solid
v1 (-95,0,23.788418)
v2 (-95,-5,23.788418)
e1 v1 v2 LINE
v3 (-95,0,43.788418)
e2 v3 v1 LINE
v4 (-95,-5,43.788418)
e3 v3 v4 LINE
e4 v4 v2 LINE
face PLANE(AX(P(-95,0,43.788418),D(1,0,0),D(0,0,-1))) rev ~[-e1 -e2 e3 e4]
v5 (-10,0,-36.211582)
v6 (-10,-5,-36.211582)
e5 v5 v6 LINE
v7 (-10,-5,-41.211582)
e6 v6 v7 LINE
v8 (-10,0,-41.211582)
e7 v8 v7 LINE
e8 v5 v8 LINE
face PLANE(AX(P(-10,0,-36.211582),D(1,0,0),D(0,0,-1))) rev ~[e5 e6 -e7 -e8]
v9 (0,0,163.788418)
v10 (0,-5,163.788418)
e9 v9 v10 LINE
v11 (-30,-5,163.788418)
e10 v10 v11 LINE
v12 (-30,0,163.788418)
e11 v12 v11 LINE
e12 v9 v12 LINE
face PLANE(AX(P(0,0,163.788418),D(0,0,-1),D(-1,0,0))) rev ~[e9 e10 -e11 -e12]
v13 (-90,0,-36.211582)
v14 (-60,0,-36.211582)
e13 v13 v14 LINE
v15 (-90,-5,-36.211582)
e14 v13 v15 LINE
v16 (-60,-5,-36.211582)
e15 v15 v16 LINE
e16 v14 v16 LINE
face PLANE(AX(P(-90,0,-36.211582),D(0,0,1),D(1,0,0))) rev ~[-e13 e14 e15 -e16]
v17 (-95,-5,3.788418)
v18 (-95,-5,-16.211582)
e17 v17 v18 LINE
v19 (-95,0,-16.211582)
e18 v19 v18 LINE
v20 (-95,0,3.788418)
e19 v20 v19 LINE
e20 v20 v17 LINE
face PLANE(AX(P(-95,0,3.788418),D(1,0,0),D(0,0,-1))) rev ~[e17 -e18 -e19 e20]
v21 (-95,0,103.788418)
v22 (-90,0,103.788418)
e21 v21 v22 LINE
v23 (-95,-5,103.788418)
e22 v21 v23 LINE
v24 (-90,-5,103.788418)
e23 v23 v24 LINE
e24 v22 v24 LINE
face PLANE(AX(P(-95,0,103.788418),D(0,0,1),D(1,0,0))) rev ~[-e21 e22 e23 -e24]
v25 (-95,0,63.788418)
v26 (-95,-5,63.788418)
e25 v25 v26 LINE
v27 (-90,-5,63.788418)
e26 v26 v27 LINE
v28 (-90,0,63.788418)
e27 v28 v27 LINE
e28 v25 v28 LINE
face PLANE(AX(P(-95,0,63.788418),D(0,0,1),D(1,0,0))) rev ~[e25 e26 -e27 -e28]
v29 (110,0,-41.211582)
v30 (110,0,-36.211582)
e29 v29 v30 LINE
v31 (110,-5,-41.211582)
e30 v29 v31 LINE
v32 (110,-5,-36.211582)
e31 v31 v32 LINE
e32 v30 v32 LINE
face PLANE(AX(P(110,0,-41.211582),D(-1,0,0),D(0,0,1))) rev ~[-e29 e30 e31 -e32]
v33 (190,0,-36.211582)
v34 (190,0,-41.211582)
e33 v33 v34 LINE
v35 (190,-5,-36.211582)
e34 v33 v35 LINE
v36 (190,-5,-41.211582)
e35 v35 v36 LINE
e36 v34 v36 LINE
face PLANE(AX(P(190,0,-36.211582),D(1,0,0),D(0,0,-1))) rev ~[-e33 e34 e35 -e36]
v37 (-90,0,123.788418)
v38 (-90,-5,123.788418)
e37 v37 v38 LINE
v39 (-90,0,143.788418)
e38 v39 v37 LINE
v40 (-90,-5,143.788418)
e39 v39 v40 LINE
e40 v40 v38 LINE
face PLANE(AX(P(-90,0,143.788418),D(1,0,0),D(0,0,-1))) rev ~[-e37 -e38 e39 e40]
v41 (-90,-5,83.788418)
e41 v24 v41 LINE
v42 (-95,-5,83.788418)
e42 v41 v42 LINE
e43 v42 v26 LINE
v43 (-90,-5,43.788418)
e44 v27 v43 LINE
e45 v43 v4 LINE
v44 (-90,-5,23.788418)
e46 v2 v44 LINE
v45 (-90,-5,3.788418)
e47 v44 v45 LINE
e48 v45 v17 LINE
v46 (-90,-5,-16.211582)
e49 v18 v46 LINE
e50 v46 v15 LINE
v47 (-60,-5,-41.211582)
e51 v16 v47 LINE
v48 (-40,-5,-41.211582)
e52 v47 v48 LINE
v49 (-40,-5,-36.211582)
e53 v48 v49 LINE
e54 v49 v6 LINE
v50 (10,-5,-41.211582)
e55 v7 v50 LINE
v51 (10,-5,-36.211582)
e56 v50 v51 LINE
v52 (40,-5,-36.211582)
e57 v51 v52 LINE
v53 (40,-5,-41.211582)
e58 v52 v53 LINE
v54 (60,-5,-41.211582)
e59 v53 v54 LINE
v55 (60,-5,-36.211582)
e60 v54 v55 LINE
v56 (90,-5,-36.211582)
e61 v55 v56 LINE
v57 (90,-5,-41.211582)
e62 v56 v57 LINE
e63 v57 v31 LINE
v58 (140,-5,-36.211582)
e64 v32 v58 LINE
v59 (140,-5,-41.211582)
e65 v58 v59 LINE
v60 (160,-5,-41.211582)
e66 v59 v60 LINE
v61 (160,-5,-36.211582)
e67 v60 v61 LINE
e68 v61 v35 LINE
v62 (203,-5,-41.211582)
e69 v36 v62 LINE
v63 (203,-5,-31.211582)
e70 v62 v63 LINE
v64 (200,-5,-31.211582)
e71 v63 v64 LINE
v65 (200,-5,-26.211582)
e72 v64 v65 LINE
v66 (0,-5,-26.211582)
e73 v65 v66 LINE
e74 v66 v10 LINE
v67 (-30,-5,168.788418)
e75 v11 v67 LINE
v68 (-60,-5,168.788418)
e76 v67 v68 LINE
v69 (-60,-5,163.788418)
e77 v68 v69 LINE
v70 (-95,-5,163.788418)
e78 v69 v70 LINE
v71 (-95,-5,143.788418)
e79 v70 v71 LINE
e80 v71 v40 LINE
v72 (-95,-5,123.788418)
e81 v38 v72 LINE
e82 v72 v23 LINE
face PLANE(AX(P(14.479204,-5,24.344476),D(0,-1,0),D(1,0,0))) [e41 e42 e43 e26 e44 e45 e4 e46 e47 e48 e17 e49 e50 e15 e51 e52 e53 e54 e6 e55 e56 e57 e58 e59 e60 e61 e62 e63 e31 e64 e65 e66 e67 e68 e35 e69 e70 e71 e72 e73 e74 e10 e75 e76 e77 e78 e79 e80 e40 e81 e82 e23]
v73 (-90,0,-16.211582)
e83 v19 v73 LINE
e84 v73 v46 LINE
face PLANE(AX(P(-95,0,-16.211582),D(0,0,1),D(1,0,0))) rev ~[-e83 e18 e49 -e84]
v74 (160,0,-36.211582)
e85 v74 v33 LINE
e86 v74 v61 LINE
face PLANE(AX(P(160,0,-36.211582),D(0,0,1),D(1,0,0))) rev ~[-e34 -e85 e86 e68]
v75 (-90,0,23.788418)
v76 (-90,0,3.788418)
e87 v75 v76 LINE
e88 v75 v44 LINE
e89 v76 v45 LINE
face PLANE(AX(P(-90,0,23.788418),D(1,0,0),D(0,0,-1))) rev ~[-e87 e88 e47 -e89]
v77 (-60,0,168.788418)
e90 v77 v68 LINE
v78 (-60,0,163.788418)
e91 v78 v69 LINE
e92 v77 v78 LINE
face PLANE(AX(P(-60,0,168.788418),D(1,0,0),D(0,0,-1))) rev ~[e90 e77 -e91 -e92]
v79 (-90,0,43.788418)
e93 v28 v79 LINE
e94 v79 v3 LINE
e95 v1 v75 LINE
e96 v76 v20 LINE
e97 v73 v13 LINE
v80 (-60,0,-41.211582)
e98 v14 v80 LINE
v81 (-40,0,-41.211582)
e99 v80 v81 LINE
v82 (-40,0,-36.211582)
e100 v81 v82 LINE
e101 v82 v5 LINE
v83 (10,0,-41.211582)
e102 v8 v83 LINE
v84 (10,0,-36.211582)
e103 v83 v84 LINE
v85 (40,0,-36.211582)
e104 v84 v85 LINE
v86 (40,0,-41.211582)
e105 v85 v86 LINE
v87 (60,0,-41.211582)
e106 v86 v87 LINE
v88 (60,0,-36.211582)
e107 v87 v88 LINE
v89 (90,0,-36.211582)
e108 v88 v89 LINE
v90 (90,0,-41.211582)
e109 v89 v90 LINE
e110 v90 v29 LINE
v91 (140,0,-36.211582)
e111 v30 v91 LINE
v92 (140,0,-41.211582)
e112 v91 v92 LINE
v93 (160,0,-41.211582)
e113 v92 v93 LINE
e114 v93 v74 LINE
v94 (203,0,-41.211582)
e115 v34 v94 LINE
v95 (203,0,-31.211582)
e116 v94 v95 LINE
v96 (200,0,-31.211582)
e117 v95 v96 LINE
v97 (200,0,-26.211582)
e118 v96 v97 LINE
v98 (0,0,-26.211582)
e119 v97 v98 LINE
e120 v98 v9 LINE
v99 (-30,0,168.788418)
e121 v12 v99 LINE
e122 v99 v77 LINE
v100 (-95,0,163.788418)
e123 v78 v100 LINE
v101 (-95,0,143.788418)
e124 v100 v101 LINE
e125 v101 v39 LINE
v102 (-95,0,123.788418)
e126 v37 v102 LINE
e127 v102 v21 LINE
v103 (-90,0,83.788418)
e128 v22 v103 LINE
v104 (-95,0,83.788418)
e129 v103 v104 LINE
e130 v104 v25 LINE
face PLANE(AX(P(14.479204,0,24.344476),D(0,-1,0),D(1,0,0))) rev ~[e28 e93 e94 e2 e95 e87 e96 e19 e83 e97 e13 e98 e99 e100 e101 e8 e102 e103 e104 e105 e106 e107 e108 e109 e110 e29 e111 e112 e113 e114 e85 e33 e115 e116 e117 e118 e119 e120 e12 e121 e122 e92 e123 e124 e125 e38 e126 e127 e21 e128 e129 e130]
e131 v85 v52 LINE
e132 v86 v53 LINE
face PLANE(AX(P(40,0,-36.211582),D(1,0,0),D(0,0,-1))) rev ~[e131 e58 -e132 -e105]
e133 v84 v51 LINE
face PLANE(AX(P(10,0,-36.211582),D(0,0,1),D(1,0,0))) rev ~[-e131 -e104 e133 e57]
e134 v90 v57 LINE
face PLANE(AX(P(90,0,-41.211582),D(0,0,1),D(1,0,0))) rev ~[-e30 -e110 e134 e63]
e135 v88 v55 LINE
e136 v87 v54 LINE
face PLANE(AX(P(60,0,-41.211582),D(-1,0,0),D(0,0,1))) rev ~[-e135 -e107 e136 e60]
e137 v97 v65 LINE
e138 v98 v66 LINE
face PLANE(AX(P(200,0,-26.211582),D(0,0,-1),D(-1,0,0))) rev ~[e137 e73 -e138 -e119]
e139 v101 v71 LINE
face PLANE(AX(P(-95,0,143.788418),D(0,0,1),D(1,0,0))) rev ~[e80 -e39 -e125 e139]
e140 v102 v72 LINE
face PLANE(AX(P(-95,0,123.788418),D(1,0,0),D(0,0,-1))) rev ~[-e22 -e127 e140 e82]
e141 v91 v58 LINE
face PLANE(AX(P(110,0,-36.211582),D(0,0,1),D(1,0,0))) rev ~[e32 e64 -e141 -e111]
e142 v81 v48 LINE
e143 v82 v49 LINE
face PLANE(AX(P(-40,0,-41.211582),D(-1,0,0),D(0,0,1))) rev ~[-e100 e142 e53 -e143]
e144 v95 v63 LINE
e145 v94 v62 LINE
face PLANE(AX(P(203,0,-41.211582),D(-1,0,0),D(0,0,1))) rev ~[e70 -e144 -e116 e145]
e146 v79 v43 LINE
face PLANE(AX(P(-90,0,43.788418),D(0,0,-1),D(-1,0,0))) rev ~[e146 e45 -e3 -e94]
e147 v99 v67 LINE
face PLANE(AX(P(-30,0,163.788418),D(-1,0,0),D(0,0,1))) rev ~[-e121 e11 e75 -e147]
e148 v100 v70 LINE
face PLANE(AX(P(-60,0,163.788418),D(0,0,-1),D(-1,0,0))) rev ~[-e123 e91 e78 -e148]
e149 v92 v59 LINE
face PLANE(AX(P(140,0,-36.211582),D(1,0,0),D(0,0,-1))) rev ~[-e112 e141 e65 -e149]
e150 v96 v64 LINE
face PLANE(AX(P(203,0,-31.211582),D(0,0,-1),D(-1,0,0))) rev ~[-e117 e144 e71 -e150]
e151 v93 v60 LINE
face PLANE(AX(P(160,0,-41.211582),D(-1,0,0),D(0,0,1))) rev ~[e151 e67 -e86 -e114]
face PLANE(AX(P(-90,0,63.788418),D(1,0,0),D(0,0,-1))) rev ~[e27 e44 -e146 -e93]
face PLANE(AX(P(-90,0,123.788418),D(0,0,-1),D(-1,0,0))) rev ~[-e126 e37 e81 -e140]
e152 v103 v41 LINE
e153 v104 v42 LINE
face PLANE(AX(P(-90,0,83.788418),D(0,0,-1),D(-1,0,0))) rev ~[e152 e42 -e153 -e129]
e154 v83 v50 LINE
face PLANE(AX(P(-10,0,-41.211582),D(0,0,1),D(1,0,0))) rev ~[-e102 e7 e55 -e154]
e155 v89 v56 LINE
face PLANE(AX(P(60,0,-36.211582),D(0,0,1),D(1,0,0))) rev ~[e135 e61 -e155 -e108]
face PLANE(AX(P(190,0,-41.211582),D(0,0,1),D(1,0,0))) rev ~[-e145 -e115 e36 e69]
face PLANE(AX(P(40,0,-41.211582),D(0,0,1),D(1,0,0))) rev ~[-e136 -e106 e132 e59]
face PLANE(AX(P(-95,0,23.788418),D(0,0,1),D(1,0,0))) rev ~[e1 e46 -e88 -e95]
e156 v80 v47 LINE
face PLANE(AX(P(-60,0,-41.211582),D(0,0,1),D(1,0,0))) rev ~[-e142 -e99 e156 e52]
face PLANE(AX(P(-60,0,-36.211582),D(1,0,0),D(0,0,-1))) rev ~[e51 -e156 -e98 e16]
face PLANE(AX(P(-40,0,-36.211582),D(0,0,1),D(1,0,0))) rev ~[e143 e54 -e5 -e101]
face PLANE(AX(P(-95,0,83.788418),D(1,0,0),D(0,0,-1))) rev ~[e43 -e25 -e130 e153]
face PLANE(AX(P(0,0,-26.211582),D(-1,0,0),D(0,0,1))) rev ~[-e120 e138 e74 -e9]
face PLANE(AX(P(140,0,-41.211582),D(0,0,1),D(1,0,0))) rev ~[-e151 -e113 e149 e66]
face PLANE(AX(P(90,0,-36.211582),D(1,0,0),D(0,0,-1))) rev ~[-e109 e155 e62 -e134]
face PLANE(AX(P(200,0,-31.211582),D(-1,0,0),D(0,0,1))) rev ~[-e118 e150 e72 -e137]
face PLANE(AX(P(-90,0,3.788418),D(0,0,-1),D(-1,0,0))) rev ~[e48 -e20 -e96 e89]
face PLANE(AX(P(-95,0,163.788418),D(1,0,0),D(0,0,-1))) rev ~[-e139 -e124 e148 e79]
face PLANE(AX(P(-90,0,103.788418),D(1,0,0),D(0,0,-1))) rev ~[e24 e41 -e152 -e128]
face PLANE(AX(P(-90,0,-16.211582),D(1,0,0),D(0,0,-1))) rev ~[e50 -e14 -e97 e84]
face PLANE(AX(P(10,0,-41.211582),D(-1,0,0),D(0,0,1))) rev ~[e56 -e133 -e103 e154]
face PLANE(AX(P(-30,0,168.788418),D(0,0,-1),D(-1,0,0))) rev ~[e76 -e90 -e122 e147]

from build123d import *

# Parameters (mm, degrees)
F1_DEPTH = 5


with BuildPart() as f1:
    # F0 (on Front) → F1 (new body)
    with BuildSketch(Plane.XZ):
        Polygon((0, -26.211582), (0, 163.788418), (-30, 163.788418), (-30, 168.788418), (-60, 168.788418), (-60, 163.788418), (-90, 163.788418), (-95, 163.788418), (-95, 143.788418), (-90, 143.788418), (-90, 123.788418), (-95, 123.788418), (-95, 103.788418), (-90, 103.788418), (-90, 83.788418), (-95, 83.788418), (-95, 63.788418), (-90, 63.788418), (-90, 43.788418), (-95, 43.788418), (-95, 23.788418), (-90, 23.788418), (-90, 3.788418), (-95, 3.788418), (-95, -16.211582), (-90, -16.211582), (-90, -36.211582), (-60, -36.211582), (-60, -41.211582), (-40, -41.211582), (-40, -36.211582), (-10, -36.211582), (-10, -41.211582), (10, -41.211582), (10, -36.211582), (40, -36.211582), (40, -41.211582), (60, -41.211582), (60, -36.211582), (90, -36.211582), (90, -41.211582), (110, -41.211582), (110, -36.211582), (140, -36.211582), (140, -41.211582), (160, -41.211582), (160, -36.211582), (190, -36.211582), (190, -41.211582), (194.223076, -41.211582), (199.870959, -41.211582), (200, -41.211582), (203, -41.211582), (203, -31.211582), (200, -31.211582), (200, -26.211582), align=None)
    extrude(amount=F1_DEPTH)


solid = f1.part
